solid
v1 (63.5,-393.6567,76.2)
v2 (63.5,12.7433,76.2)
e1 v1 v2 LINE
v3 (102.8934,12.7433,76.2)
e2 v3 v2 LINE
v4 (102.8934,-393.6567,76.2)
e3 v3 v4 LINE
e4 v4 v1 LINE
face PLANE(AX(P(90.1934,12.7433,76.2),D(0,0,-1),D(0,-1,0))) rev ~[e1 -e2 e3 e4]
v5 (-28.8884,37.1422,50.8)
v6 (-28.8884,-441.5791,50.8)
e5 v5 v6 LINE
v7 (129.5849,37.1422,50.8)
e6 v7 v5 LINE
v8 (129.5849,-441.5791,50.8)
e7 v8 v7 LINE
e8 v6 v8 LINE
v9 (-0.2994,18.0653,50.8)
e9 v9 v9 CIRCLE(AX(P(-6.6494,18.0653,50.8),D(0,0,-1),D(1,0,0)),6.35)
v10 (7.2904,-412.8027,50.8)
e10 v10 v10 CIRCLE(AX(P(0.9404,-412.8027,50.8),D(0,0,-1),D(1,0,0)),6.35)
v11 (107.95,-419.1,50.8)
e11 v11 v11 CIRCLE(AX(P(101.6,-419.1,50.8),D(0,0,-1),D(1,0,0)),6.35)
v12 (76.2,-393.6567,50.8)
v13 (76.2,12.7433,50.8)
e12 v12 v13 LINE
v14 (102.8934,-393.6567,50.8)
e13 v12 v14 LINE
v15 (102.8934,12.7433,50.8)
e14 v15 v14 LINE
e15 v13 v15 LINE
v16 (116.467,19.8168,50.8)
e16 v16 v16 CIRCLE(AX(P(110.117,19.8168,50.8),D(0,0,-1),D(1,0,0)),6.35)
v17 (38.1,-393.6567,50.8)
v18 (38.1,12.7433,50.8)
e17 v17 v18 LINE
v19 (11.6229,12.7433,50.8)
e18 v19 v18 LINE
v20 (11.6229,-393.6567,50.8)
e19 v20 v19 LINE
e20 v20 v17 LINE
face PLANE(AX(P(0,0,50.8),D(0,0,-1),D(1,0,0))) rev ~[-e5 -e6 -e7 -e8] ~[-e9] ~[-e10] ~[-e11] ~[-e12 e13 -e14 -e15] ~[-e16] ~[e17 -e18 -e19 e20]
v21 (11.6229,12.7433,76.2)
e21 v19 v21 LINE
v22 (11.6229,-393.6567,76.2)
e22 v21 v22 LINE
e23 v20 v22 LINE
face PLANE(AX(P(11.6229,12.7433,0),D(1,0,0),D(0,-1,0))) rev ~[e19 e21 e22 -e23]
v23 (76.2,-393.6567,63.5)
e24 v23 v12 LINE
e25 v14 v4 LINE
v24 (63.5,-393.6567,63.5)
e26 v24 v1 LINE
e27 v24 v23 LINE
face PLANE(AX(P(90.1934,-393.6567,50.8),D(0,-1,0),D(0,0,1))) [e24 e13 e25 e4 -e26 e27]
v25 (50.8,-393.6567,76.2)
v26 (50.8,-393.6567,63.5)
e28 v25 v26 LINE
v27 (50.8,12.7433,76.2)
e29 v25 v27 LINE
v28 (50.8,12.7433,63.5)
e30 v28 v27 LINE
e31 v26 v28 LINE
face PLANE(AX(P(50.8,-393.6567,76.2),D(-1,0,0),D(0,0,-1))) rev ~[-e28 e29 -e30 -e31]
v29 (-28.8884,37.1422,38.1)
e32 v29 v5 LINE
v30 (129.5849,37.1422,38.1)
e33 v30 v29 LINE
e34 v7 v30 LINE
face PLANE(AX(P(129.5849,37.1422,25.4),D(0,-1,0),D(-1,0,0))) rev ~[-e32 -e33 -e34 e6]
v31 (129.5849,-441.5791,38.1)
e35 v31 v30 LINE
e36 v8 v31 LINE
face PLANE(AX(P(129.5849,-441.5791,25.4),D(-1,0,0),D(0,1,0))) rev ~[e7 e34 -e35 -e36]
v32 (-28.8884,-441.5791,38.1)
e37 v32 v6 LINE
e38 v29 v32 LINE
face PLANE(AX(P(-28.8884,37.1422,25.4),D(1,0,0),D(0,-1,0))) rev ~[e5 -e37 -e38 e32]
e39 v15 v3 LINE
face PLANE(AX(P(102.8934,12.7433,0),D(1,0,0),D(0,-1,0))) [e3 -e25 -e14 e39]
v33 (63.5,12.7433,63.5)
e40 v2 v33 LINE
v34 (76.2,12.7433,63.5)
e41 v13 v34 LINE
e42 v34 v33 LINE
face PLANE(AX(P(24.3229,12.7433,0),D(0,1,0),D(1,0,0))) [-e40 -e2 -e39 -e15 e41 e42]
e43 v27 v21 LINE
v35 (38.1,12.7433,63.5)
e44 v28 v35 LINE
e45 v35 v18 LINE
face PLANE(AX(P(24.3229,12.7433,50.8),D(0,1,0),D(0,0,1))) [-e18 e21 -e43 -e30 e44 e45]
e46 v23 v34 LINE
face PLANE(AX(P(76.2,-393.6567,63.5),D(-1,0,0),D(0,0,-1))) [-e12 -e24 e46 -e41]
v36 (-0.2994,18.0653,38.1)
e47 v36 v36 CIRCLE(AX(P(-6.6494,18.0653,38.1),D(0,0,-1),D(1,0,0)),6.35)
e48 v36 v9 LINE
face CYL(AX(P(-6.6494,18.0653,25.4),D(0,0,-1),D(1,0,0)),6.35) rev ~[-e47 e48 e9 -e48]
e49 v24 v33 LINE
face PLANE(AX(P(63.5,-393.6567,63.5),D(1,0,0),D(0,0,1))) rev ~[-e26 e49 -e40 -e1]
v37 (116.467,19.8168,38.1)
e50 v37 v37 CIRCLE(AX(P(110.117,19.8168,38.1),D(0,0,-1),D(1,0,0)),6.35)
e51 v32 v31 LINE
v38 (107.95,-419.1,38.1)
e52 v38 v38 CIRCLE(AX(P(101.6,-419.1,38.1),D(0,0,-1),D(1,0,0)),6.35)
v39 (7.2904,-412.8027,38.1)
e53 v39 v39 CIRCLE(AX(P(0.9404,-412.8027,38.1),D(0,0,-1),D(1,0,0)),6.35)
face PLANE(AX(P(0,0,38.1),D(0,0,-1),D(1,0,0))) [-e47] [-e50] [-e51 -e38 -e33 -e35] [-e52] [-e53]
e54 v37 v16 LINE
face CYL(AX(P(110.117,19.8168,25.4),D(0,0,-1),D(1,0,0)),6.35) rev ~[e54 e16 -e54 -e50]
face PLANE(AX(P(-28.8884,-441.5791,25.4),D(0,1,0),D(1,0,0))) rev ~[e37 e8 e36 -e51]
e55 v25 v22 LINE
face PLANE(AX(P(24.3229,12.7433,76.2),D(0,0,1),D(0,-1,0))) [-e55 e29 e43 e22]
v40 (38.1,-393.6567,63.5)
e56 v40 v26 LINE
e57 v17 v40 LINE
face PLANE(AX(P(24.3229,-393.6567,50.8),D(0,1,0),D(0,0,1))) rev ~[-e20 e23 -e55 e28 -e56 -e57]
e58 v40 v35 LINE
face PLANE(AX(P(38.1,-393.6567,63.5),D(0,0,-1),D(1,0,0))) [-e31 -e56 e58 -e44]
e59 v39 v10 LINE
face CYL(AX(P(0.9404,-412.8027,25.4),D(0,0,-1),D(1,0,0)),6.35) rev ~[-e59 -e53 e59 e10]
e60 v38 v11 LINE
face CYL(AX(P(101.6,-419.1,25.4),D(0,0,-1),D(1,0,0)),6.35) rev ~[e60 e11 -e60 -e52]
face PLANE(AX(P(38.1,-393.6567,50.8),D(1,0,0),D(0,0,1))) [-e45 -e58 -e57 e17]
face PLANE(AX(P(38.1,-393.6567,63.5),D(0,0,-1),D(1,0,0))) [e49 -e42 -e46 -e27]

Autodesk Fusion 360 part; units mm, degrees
sketch "Sketch1" plane through (0, 0, 0) normal (0, 0, 1) x (1, 0, 0)
  line L0 (-20, 30) -> (20.8523, 30)
  line L1 (20.8523, 30) -> (20.8523, -34.8194)
  line L2 (20.8523, -34.8194) -> (-20, -34.8194)
  line L3 (-20, -34.8194) -> (-20, 30)
sketch "Sketch2" plane through (0, 0, 0) normal (0, 0, 1) x (1, 0, 0)
  line L0 (-11.4066, 12.7433) -> (24.3229, 12.7433)
  line L1 (24.3229, 12.7433) -> (24.3229, -393.6567)
  line L2 (24.3229, -393.6567) -> (-11.4066, -393.6567)
  line L3 (-11.4066, -393.6567) -> (-11.4066, 12.7433)
  line L4 (-11.4066, 12.7433) -> (90.1934, 12.7433)
  line L5 (90.1934, 12.7433) -> (90.1934, -393.6567)
  line L6 (90.1934, -393.6567) -> (-11.4066, -393.6567)
  line L7 (-11.4066, -393.6567) -> (-11.4066, 12.7433)
  dimension "d3" = 406.4
  dimension "d4" = 101.6
extrude "Extrude2" add sketch "Sketch2" along normal blind 76.2 contours L1 L4 L5 L6
sketch "Sketch3" plane through (0, -393.6567, 0) normal (0, -1, 0) x (1, 0, 0)
  line L0 (24.3229, 0) -> (90.1934, 0)
  line L1 (90.1934, 0) -> (90.1934, 76.2)
  line L2 (90.1934, 76.2) -> (24.3229, 76.2)
  line L3 (24.3229, 76.2) -> (24.3229, 0)
sketch "Sketch4" plane through (0, -393.6567, 0) normal (0, -1, 0) x (1, 0, 0)
  line L0 (38.1, 63.5) -> (76.2, 63.5)
  line L1 (76.2, 63.5) -> (76.2, 50.8)
  line L2 (76.2, 50.8) -> (38.1, 50.8)
  line L3 (38.1, 50.8) -> (38.1, 63.5)
extrude "Extrude3" cut sketch "Sketch4" against normal blind 444.5
sketch "Sketch5" plane through (0, -393.6567, 0) normal (0, -1, 0) x (1, 0, 0)
  line L0 (50.8, 63.5) -> (63.5, 63.5)
  line L1 (63.5, 63.5) -> (63.5, 76.2)
  line L2 (63.5, 76.2) -> (50.8, 76.2)
  line L3 (50.8, 76.2) -> (50.8, 63.5)
extrude "Extrude4" cut sketch "Sketch5" against normal blind 419.1
sketch "Sketch6" plane through (0, 0, 76.2) normal (0, 0, 1) x (-1, 0, 0)
  line L0 (-50.8, 393.6567) -> (-50.8, -12.7433)
  line L1 (-50.8, -12.7433) -> (-24.3229, -12.7433)
  line L2 (-24.3229, -12.7433) -> (-24.3229, 393.6567)
  line L3 (-24.3229, 393.6567) -> (-50.8, 393.6567)
  line L4 (-6.8471, -24.8983) -> (-111.5412, -24.8983)
  line L5 (-111.5412, -24.8983) -> (-111.5412, 407.05)
  line L6 (-111.5412, 407.05) -> (-6.8471, 407.05)
  line L7 (-6.8471, 407.05) -> (-6.8471, -24.8983)
  circle A0 centre (-15.24, -17.78) radius 5.08
  circle A1 centre (-101.6, -17.78) radius 5.08
  circle A2 centre (-101.6, 398.78) radius 5.08
  circle A3 centre (-17.78, 398.78) radius 5.08
  point P0 (-12.7, 391.3931)
  dimension "d11" = 10.16
  dimension "d12" = 10.16
sketch "Sketch7" plane through (0, 0, 88.9) normal (0, 0, 1) x (-1, 0, 0)
sketch "Sketch8" plane through (0, 0, 0) normal (0, 0, -1) x (1, 0, 0)
  line L0 (24.3229, 393.6567) -> (24.3229, -12.7433)
  line L1 (24.3229, -12.7433) -> (90.1934, -12.7433)
  line L2 (90.1934, -12.7433) -> (90.1934, 393.6567)
  line L3 (90.1934, 393.6567) -> (24.3229, 393.6567)
  line L4 (129.5849, -37.1422) -> (-28.8884, -37.1422)
  line L5 (-28.8884, -37.1422) -> (-28.8884, 441.5791)
  line L6 (-28.8884, 441.5791) -> (129.5849, 441.5791)
  line L7 (129.5849, 441.5791) -> (129.5849, -37.1422)
  circle A0 centre (110.117, -19.8168) radius 6.35
  circle A1 centre (-6.6494, -18.0653) radius 6.35
  circle A2 centre (101.6, 419.1) radius 6.35
  circle A3 centre (0.9404, 412.8027) radius 6.35
  dimension "d15" = 12.7
  dimension "d16" = 12.7
  dimension "d17" = 12.7
  dimension "d18" = 12.7
extrude "Extrude6" add sketch "Sketch8" against normal blind 25.4
sketch "Sketch9" plane through (0, 0, 50.8) normal (0, 0, 1) x (-1, 0, 0)
  line L0 (-76.2, -12.7433) -> (-38.1, -12.7433)
  line L1 (-38.1, -12.7433) -> (-38.1, 393.6567)
  line L2 (-38.1, 393.6567) -> (-76.2, 393.6567)
  line L3 (-76.2, 393.6567) -> (-76.2, -12.7433)
extrude "Extrude7" add 1 faces at (14.3299, -123.04, 25.4) along direction (0, 0, 1) blind 25.4
sketch "Sketch10" plane through (0, -393.6567, 0) normal (0, -1, 0) x (1, 0, 0)
sketch "Sketch11" plane through (0, 37.1422, 0) normal (0, 1, 0) x (-1, 0, 0)
  line L0 (-129.5849, 0) -> (28.8884, 0)
  line L1 (28.8884, 0) -> (28.8884, 50.8)
  line L2 (28.8884, 50.8) -> (-129.5849, 50.8)
  line L3 (-129.5849, 50.8) -> (-129.5849, 0)
extrude "Extrude8" cut 1 faces at (35.4568, -126.9866, 0) along direction (0, 0, 1) blind 38.1
extrude "Extrude9" add 1 faces at (24.3229, -122.7234, 59.2667) along direction (-1, 0, 0) blind 12.7
extrude "Extrude10" add 1 faces at (90.1934, -122.7234, 59.2667) along direction (1, 0, 0) blind 12.7
